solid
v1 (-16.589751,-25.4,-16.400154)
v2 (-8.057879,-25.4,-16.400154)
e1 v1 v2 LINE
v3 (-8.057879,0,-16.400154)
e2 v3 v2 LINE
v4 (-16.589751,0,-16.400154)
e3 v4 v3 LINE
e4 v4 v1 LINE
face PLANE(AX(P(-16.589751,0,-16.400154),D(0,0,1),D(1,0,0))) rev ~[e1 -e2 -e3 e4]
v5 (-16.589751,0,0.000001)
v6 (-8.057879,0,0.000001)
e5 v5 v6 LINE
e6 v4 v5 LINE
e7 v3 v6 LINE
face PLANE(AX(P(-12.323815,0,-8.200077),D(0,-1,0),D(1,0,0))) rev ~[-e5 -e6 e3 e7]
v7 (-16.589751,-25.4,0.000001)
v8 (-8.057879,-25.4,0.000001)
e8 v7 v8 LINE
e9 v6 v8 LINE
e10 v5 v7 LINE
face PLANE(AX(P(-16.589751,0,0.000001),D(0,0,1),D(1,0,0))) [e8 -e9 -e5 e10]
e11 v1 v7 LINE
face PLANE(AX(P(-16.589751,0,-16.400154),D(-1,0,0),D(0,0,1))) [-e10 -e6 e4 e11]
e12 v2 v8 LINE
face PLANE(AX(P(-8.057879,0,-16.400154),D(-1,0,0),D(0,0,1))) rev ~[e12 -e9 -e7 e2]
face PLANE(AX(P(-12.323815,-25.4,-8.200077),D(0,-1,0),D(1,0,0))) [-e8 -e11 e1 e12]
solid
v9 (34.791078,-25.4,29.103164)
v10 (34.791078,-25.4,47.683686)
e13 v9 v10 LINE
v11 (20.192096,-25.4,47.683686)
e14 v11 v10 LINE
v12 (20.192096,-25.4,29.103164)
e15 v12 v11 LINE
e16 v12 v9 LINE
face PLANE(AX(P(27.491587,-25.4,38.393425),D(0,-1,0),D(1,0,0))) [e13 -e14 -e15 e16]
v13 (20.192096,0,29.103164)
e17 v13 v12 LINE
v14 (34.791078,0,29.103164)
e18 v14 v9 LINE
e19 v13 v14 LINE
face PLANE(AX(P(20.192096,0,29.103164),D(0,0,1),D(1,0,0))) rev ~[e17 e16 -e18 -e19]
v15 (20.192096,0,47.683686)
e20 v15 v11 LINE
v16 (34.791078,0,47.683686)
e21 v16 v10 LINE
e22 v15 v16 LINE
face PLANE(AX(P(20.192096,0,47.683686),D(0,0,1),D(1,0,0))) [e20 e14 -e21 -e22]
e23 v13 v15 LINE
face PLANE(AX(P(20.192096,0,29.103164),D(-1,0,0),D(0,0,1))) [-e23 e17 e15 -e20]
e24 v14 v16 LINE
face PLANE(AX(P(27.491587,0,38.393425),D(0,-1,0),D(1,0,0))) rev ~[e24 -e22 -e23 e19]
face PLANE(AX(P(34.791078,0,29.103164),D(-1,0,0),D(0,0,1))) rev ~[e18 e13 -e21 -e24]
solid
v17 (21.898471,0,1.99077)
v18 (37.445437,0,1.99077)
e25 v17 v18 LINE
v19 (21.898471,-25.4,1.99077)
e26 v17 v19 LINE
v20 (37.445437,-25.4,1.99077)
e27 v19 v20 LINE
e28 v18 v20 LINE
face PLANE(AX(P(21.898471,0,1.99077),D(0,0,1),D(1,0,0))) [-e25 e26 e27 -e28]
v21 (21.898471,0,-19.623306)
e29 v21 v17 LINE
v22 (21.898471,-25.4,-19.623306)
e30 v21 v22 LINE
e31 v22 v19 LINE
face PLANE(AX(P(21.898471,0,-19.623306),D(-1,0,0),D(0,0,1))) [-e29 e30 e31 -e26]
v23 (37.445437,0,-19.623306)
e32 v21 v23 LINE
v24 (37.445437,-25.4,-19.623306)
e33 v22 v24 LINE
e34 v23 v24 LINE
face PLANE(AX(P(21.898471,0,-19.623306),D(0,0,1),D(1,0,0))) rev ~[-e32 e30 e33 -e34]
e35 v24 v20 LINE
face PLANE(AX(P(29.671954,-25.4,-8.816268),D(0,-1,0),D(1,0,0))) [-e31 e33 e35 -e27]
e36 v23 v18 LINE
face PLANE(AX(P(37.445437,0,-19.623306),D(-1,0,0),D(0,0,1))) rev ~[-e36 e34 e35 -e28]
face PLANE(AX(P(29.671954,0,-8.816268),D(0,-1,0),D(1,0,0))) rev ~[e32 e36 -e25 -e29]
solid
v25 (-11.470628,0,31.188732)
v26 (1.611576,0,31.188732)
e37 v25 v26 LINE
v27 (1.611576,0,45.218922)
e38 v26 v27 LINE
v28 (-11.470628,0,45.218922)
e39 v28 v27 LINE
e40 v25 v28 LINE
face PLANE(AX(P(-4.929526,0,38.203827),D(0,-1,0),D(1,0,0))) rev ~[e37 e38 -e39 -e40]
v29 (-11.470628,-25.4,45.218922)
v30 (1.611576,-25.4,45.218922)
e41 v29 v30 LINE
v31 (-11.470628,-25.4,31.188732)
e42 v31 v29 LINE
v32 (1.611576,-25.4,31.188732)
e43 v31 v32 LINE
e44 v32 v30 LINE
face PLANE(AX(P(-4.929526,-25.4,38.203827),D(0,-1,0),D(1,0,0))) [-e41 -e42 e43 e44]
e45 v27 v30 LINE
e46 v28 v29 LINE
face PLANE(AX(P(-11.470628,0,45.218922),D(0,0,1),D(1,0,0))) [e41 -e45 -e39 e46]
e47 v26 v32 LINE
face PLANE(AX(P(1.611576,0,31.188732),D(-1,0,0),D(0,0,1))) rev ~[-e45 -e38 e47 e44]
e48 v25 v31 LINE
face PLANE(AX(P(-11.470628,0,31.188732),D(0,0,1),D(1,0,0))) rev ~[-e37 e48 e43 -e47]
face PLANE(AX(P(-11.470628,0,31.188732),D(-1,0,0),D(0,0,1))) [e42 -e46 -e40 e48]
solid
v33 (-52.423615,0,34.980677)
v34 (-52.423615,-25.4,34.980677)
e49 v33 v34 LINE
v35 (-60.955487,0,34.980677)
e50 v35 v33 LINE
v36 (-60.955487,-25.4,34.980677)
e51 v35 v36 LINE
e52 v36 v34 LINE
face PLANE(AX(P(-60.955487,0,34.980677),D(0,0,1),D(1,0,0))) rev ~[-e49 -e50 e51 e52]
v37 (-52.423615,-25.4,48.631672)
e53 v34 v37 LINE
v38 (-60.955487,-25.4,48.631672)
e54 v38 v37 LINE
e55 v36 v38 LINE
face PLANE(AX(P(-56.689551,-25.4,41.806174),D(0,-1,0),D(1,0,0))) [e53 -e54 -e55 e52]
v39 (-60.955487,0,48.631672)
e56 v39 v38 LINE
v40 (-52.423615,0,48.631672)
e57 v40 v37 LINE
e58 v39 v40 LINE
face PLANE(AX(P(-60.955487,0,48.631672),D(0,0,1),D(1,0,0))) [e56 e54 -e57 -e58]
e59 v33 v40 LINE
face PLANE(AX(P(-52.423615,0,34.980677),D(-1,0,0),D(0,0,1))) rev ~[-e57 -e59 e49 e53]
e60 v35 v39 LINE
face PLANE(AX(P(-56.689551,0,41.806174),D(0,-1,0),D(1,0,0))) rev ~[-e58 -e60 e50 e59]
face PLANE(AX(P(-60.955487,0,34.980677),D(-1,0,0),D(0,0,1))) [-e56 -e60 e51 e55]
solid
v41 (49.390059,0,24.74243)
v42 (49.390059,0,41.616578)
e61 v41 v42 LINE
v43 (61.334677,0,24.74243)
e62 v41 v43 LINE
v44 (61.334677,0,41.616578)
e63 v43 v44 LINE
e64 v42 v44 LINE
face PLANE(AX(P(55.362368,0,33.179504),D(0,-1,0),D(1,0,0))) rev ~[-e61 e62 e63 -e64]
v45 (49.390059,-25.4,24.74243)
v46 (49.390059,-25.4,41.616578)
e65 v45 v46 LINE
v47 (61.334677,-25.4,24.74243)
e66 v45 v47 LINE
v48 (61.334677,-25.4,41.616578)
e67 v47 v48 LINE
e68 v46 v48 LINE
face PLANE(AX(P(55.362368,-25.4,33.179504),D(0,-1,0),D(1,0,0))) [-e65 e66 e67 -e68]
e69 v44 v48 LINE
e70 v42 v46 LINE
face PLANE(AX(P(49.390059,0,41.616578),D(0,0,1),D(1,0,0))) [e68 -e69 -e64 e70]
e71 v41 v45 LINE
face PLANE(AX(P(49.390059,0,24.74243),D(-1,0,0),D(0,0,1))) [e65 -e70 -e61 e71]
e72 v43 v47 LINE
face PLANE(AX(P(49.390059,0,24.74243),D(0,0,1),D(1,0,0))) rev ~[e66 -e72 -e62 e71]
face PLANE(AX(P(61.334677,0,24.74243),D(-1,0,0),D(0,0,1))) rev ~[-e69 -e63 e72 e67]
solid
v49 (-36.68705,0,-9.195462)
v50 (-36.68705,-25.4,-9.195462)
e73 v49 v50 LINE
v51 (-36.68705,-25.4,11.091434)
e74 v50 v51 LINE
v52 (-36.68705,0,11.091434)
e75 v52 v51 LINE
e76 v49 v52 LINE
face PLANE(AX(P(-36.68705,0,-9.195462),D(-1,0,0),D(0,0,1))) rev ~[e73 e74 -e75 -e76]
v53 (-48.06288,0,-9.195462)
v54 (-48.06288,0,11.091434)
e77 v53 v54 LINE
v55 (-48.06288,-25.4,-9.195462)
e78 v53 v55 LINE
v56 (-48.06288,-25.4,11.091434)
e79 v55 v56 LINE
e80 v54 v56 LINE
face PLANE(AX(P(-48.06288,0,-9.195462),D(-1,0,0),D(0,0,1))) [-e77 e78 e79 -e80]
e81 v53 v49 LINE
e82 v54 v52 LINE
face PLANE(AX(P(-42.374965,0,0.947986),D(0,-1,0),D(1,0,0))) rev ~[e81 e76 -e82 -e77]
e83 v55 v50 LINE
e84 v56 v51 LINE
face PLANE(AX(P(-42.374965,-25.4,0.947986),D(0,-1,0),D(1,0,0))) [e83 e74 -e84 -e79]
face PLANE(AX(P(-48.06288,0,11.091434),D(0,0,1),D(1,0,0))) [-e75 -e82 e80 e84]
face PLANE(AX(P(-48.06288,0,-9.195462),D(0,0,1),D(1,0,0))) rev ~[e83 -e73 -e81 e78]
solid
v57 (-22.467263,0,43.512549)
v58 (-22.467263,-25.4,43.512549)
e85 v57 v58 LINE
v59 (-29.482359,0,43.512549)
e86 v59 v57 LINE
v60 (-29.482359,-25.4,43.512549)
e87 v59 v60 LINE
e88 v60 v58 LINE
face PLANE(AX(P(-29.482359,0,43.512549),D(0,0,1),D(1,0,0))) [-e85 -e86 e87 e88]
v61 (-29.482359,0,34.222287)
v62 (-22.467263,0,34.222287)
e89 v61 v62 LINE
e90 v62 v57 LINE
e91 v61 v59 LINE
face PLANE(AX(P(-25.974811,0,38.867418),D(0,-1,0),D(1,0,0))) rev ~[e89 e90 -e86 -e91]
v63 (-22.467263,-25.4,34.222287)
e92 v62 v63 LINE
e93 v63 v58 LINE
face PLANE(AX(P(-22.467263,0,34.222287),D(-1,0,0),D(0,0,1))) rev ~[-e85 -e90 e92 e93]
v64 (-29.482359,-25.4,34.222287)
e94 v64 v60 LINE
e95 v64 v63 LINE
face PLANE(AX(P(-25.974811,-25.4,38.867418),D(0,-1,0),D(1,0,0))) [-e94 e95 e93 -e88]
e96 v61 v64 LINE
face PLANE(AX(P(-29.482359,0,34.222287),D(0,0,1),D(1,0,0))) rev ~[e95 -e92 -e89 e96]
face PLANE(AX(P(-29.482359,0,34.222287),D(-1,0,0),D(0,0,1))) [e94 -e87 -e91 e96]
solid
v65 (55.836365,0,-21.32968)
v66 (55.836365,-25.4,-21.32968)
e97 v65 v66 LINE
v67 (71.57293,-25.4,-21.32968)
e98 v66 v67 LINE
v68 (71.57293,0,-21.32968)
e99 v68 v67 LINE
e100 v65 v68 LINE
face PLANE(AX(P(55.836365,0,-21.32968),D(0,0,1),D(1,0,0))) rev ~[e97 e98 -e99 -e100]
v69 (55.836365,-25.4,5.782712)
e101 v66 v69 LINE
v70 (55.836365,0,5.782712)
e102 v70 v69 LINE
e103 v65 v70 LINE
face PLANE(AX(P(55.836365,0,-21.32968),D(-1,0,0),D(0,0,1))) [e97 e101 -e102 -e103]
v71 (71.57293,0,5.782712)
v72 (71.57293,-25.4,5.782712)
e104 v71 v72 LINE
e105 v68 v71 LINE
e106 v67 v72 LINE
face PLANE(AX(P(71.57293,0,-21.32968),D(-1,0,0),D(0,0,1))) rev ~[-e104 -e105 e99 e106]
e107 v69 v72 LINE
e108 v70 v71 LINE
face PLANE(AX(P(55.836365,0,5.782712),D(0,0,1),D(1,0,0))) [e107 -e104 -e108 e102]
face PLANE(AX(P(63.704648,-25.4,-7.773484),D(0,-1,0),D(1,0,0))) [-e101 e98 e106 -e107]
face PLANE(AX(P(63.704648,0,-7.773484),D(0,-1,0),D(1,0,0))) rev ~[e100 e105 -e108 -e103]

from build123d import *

# Parameters (mm, degrees)
F0_W     = 8.531872
F0_H     = 13.650995
F0_W_2   = 7.015096
F0_H_2   = 9.290263
F0_W_3   = 13.082204
F0_H_3   = 14.03019
F0_W_4   = 14.598982
F0_H_4   = 18.580522
F0_W_5   = 11.944618
F0_H_5   = 16.874148
F0_W_6   = 11.37583
F0_H_6   = 20.286895
F0_H_7   = 16.400155
F0_W_7   = 15.546966
F0_H_8   = 21.614076
F0_W_8   = 15.736565
F0_H_9   = 27.112393
F1_DEPTH = 25.4


with BuildPart() as f1:
    # F0 (on Front) → F1 (new body)
    with BuildSketch(Plane.XZ):
        with Locations((-56.689551, 41.806174)):
            Rectangle(F0_W, F0_H)
        with Locations((-25.974811, 38.867418)):
            Rectangle(F0_W_2, F0_H_2)
        with Locations((-4.929526, 38.203827)):
            Rectangle(F0_W_3, F0_H_3)
        with Locations((27.491587, 38.393425)):
            Rectangle(F0_W_4, F0_H_4)
        with Locations((55.362368, 33.179504)):
            Rectangle(F0_W_5, F0_H_5)
        with Locations((-42.374965, 0.947986)):
            Rectangle(F0_W_6, F0_H_6)
        with Locations((-12.323815, -8.200077)):
            Rectangle(F0_W, F0_H_7)
        with Locations((29.671954, -8.816268)):
            Rectangle(F0_W_7, F0_H_8)
        with Locations((63.704648, -7.773484)):
            Rectangle(F0_W_8, F0_H_9)
    extrude(amount=F1_DEPTH)


solid = f1.part
